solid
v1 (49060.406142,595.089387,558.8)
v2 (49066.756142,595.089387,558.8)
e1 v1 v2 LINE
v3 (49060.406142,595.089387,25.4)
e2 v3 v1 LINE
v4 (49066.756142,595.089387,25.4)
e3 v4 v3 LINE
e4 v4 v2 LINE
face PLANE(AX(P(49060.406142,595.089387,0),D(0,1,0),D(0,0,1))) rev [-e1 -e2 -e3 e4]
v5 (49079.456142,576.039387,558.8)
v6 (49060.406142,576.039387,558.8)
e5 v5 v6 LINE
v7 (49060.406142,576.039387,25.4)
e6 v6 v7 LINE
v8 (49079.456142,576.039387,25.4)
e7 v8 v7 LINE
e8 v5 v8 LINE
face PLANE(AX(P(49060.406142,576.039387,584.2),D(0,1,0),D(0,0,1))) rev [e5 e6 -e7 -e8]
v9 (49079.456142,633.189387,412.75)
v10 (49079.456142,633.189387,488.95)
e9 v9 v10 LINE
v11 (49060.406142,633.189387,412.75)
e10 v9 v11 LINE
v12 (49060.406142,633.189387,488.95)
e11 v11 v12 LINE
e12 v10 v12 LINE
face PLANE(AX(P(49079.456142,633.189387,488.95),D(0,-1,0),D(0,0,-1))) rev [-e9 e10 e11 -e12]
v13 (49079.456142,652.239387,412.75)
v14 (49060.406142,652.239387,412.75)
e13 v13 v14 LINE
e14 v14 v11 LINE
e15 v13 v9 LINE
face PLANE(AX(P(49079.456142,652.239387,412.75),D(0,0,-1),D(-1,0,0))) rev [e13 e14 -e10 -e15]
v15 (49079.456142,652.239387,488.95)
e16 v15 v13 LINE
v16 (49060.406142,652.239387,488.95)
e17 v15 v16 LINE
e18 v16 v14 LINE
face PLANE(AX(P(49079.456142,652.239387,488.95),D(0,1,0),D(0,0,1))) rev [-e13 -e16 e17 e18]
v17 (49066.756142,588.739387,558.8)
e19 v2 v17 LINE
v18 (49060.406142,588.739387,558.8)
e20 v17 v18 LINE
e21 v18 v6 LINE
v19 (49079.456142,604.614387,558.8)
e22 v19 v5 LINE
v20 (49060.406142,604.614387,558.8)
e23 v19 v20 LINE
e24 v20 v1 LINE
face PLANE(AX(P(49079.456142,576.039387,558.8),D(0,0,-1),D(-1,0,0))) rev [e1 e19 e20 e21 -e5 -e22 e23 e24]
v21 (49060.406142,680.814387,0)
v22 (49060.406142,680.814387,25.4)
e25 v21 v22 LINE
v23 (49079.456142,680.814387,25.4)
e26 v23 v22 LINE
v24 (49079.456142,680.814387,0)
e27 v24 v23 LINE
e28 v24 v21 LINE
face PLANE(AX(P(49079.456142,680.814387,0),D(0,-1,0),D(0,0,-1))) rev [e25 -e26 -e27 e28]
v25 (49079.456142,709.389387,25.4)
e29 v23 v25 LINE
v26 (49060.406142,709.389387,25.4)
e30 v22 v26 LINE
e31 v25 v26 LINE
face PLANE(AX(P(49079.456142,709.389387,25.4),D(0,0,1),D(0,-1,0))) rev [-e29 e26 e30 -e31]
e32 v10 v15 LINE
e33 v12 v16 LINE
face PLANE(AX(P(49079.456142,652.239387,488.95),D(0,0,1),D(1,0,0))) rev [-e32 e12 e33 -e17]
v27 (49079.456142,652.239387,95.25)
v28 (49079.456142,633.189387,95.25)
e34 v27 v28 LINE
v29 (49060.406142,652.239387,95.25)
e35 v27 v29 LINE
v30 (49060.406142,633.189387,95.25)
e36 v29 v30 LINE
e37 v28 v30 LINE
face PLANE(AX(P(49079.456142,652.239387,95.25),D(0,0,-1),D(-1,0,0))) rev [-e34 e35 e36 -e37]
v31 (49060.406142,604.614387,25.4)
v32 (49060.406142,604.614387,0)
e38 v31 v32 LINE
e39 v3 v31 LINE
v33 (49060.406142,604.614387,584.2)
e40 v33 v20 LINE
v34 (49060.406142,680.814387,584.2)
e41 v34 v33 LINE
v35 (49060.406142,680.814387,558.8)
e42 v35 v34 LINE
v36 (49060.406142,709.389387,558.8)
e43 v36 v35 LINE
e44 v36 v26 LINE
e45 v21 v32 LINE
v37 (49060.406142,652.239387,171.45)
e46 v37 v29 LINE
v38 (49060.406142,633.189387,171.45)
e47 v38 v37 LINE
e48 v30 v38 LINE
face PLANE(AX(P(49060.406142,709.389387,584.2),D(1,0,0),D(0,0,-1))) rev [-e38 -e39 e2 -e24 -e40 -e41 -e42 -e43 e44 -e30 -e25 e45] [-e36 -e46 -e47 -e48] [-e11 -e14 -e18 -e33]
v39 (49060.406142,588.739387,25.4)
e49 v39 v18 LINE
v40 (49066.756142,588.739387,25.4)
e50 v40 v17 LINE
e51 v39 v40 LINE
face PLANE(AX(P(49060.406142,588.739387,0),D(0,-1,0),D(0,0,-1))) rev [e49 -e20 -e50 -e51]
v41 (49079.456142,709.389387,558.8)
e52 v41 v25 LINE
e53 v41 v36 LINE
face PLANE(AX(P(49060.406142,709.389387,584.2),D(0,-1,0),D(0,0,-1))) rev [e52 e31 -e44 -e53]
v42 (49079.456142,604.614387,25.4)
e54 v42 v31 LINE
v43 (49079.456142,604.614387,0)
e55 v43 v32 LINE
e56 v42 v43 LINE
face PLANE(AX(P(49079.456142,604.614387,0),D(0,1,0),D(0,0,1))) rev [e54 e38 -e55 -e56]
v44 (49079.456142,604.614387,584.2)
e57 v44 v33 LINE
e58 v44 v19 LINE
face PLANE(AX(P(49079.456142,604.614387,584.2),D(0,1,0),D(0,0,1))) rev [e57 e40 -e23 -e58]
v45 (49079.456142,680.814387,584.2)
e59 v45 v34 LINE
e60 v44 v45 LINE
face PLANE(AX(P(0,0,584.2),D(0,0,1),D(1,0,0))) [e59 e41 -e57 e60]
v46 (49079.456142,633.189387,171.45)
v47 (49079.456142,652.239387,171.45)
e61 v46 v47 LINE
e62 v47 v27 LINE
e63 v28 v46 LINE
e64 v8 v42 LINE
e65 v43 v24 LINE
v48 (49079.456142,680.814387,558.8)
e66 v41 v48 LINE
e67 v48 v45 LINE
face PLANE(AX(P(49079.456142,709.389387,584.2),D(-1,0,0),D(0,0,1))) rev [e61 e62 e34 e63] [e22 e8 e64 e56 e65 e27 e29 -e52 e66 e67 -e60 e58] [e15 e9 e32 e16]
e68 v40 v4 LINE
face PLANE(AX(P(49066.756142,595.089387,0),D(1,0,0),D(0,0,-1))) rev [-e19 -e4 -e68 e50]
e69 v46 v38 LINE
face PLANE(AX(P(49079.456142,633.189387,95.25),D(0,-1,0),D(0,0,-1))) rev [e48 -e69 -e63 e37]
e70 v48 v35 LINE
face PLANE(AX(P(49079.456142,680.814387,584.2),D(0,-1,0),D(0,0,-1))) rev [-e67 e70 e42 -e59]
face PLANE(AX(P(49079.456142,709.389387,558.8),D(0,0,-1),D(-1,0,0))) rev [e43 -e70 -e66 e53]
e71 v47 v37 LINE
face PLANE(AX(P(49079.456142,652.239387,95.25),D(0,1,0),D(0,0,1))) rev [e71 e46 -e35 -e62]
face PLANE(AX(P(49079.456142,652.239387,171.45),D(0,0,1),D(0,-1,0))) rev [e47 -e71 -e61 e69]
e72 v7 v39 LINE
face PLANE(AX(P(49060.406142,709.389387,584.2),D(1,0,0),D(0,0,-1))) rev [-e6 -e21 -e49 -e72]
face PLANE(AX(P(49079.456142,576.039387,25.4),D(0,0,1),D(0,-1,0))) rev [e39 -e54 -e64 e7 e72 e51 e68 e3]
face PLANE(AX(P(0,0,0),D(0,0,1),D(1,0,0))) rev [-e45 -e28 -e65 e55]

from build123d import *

# Parameters (mm, degrees)
SKETCH1_W           = 19.05
SKETCH1_H           = 133.35
BOSS_EXTRUDE1_DEPTH = 584.2
SKETCH2_W           = 76.2
SKETCH2_H           = 19.05
SKETCH2_W_2         = 25.4
SKETCH2_H_2         = 28.575
CUT_EXTRUDE1_DEPTH  = 920.17672153
SKETCH3_W           = 6.35
SKETCH3_H           = 6.35
CUT_EXTRUDE2_DEPTH  = 49089.059018009


with BuildPart() as part:
    # Sketch1 → Boss-Extrude1 (new body)
    with BuildSketch(Plane.XY):
        with Locations((49069.931142185, 642.714387363)):
            Rectangle(SKETCH1_W, SKETCH1_H)
    extrude(amount=BOSS_EXTRUDE1_DEPTH)

    # Sketch2 → Cut-Extrude1 (cut, through all)
    with BuildSketch(Plane.ZY.offset(-49060.406142185)):
        with Locations((133.35, 642.714387363)):
            Rectangle(SKETCH2_W, SKETCH2_H)
        with Locations((450.85, 642.714387363)):
            Rectangle(SKETCH2_W, SKETCH2_H)
        with Locations((571.5, 695.101887363)):
            Rectangle(SKETCH2_W_2, SKETCH2_H_2)
        with Locations((12.7, 695.101887363)):
            Rectangle(SKETCH2_W_2, SKETCH2_H_2)
        with Locations((12.7, 590.326887363)):
            Rectangle(SKETCH2_W_2, SKETCH2_H_2)
        with Locations((571.5, 590.326887363)):
            Rectangle(SKETCH2_W_2, SKETCH2_H_2)
    extrude(amount=-CUT_EXTRUDE1_DEPTH, mode=Mode.SUBTRACT)

    # Sketch3 → Cut-Extrude2 (cut, through all)
    with BuildSketch(Plane.XY.offset(584.2)):
        with Locations((49063.581142185, 591.914387363)):
            Rectangle(SKETCH3_W, SKETCH3_H)
    extrude(amount=-CUT_EXTRUDE2_DEPTH, mode=Mode.SUBTRACT)


solid = part.part
